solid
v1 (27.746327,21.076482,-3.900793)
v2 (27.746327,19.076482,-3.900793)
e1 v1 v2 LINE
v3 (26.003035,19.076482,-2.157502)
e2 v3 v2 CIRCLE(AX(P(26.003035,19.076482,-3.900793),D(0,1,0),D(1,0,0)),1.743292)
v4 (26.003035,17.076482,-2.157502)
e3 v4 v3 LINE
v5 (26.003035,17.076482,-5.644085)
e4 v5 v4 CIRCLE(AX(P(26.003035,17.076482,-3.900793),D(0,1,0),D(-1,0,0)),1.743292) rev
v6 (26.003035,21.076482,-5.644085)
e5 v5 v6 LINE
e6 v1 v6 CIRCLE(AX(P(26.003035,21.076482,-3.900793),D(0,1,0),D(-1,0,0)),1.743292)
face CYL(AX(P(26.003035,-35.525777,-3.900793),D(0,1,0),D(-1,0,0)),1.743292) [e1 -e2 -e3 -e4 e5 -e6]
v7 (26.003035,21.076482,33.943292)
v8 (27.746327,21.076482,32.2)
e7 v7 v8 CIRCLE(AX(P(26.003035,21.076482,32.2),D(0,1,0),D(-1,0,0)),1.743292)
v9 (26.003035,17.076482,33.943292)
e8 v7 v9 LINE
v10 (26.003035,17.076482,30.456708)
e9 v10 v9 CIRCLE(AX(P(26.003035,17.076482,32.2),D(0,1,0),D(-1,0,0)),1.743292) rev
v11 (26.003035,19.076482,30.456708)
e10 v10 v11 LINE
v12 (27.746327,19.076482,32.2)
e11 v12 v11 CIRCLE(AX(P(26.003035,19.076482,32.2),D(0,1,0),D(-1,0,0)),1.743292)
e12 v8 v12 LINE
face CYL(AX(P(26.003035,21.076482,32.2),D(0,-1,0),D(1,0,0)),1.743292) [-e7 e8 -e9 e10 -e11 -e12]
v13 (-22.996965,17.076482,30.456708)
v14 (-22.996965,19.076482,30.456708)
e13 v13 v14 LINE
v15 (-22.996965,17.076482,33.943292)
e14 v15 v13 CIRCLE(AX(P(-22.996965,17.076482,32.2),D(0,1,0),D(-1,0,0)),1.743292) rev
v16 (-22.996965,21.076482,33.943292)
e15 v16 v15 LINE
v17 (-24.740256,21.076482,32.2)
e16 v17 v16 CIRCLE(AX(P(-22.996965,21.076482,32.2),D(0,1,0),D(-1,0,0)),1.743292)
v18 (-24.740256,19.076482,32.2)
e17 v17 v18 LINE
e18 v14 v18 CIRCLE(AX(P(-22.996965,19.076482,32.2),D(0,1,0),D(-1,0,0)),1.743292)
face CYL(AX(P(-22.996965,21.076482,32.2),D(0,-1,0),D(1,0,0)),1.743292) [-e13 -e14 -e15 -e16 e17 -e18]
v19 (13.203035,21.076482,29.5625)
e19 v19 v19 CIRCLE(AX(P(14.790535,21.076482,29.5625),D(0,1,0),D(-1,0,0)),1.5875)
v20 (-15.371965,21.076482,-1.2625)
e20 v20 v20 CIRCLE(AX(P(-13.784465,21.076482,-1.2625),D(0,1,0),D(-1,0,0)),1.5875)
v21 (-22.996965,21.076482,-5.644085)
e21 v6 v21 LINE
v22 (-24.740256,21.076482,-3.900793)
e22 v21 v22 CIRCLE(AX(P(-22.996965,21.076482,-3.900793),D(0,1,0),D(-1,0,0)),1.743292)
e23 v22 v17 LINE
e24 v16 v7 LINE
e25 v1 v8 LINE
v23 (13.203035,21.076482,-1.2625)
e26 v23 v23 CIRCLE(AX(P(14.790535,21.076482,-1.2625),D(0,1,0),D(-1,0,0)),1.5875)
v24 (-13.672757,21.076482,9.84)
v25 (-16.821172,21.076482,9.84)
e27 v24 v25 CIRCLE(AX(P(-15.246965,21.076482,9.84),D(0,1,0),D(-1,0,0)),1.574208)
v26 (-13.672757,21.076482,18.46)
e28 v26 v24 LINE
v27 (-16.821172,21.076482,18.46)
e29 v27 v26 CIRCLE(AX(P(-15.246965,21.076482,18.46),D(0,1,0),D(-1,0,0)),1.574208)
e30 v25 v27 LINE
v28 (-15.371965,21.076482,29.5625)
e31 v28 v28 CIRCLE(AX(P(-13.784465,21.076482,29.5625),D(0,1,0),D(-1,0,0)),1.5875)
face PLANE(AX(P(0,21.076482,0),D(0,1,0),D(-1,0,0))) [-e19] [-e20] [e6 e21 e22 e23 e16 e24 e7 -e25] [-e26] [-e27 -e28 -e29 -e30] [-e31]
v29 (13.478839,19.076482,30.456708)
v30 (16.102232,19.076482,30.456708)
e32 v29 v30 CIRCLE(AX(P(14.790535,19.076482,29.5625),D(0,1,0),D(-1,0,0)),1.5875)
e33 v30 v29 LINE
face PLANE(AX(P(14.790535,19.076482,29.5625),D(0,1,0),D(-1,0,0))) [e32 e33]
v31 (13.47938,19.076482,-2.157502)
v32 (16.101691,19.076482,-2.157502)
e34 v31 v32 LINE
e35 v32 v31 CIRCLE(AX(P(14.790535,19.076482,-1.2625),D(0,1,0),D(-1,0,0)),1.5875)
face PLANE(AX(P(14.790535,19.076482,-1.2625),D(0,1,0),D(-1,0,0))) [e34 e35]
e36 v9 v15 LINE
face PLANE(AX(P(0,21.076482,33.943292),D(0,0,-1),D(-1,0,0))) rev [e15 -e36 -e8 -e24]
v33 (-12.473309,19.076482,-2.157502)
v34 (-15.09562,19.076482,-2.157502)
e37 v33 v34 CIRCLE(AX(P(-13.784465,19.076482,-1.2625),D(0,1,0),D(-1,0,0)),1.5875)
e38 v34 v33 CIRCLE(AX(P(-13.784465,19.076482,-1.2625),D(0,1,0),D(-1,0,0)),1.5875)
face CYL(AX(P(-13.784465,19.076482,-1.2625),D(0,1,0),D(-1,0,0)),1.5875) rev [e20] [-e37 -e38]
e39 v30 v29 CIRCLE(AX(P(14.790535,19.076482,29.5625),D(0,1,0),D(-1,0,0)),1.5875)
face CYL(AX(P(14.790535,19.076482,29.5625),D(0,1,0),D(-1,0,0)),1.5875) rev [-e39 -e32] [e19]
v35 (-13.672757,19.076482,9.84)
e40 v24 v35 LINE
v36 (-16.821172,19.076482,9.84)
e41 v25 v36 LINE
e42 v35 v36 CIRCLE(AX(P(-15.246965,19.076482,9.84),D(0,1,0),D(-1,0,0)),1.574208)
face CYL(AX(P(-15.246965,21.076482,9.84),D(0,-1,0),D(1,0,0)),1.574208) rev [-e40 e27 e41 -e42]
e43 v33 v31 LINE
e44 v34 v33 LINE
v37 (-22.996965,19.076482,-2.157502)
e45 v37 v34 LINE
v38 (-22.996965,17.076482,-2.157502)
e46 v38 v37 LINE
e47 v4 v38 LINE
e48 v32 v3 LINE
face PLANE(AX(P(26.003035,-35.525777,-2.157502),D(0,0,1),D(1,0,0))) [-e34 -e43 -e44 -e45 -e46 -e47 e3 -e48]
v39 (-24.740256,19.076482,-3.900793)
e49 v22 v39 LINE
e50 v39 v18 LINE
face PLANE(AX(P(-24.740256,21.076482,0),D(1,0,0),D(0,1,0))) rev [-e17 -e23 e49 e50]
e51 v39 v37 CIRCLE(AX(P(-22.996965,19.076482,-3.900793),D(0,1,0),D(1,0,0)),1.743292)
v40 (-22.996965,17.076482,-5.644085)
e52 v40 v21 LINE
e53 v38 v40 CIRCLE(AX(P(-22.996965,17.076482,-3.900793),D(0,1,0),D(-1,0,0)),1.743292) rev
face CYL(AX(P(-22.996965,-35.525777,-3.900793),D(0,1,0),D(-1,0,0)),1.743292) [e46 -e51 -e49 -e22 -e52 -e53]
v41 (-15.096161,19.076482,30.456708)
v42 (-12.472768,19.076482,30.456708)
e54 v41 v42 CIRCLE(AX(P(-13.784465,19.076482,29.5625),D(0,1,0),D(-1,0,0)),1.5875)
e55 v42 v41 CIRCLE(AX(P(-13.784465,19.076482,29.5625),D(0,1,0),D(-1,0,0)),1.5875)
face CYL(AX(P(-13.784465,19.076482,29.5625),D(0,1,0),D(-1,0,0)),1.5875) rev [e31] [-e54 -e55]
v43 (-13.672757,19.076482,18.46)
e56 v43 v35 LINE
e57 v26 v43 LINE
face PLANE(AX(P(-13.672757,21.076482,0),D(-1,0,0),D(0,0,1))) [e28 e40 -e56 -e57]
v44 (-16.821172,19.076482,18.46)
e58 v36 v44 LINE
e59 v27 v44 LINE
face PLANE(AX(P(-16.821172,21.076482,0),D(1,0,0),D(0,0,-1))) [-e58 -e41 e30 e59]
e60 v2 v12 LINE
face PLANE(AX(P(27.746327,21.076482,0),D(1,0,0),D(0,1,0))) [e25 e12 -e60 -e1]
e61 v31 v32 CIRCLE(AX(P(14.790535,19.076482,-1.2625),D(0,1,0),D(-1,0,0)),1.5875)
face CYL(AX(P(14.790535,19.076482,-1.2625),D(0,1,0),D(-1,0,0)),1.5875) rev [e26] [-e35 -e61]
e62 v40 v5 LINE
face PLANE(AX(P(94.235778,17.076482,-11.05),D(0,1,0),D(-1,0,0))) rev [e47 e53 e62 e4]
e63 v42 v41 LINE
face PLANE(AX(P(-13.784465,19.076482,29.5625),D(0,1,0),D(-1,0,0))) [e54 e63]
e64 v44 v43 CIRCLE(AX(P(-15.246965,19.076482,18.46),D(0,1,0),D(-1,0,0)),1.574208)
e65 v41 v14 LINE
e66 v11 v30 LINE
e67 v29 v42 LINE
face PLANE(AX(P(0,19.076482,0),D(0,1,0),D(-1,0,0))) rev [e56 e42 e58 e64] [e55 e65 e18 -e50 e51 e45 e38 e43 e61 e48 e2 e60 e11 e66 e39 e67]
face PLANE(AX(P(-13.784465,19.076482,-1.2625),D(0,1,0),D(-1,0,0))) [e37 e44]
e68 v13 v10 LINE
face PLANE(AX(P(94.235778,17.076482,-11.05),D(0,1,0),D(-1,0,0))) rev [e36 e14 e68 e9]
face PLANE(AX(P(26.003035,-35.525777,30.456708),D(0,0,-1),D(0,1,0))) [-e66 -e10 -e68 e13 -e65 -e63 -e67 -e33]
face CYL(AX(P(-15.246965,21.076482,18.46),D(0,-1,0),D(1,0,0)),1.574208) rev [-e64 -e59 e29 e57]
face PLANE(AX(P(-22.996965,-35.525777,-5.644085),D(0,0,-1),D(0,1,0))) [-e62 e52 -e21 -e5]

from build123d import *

# Parameters (mm, degrees)
SALIENTE_EXTRUIR1_DEPTH   = 2
SALIENTE_EXTRUIR1_2_DEPTH = 2
SALIENTE_EXTRUIR2_DEPTH   = 2
CROQUIS4_R                = 1.5875
CORTAR_EXTRUIR1_DEPTH     = 2


with BuildPart() as part:
    # Croquis2 → Saliente-Extruir1 (new body)
    with BuildSketch(Plane(origin=(0, 19.076482476, 0), x_dir=(1, 0, 0), z_dir=(0, 1, 0))):
        with BuildLine():
            Line((-22.996964511, 5.644085043), (26.003035489, 5.644085043))
            ThreePointArc((26.003035489, 5.644085043), (27.74632721, 3.900793322), (26.003035489, 2.157501601))
            Line((26.003035489, 2.157501601), (-22.996964511, 2.157501601))
            ThreePointArc((-22.996964511, 2.157501601), (-24.740256232, 3.900793322), (-22.996964511, 5.644085043))
        make_face()
    extrude(amount=-SALIENTE_EXTRUIR1_DEPTH)



with BuildPart() as body_2:
    # Croquis2 → Saliente-Extruir1 2 (new body)
    with BuildSketch(Plane(origin=(0, 19.076482476, 0), x_dir=(1, 0, 0), z_dir=(0, 1, 0))):
        with BuildLine():
            Line((-22.996964511, -33.943291721), (26.003035489, -33.943291721))
            ThreePointArc((26.003035489, -33.943291721), (27.74632721, -32.2), (26.003035489, -30.456708279))
            Line((26.003035489, -30.456708279), (-22.996964511, -30.456708279))
            ThreePointArc((-22.996964511, -30.456708279), (-24.740256232, -32.2), (-22.996964511, -33.943291721))
        make_face()
    extrude(amount=-SALIENTE_EXTRUIR1_2_DEPTH)


with BuildPart() as part_1:
    add(part.part)

    add(body_2.part)  # Saliente-Extruir2 merges body 2
    # Croquis3 → Saliente-Extruir2 (add)
    with BuildSketch(Plane(origin=(0, 19.076482476, 0), x_dir=(1, 0, 0), z_dir=(0, 1, 0))):
        with BuildLine():
            ThreePointArc((-24.740256232, 3.900793322), (-24.229657908, 2.668099924), (-22.996964511, 2.157501601))
            Line((-22.996964511, 2.157501601), (26.003035489, 2.157501601))
            ThreePointArc((26.003035489, 2.157501601), (27.235728887, 2.668099924), (27.74632721, 3.900793322))
            ThreePointArc((27.74632721, 3.900793322), (27.235728887, 5.133486719), (26.003035489, 5.644085043))
            Line((26.003035489, 5.644085043), (-22.996964511, 5.644085043))
            ThreePointArc((-22.996964511, 5.644085043), (-24.229657908, 5.133486719), (-24.740256232, 3.900793322))
        make_face()
        with BuildLine():
            Line((26.003035489, 2.157501601), (-22.996964511, 2.157501601))
            ThreePointArc((-22.996964511, 2.157501601), (-24.229657908, 2.668099924), (-24.740256232, 3.900793322))
            Line((-24.740256232, 3.900793322), (-24.740256232, -32.2))
            ThreePointArc((-24.740256232, -32.2), (-24.229657908, -30.967306602), (-22.996964511, -30.456708279))
            Line((-22.996964511, -30.456708279), (26.003035489, -30.456708279))
            ThreePointArc((26.003035489, -30.456708279), (27.235728887, -30.967306602), (27.74632721, -32.2))
            Line((27.74632721, -32.2), (27.74632721, 3.900793322))
            ThreePointArc((27.74632721, 3.900793322), (27.235728887, 2.668099924), (26.003035489, 2.157501601))
        make_face()
        with BuildLine():
            Line((-16.821172495, -18.46), (-16.821172495, -9.84))
            ThreePointArc((-16.821172495, -9.84), (-15.246964511, -8.265792016), (-13.672756527, -9.84))
            Line((-13.672756527, -9.84), (-13.672756527, -18.46))
            ThreePointArc((-13.672756527, -18.46), (-15.246964511, -20.034207984), (-16.821172495, -18.46))
        make_face(mode=Mode.SUBTRACT)
        with BuildLine():
            ThreePointArc((-22.996964511, -30.456708279), (-24.229657908, -30.967306602), (-24.740256232, -32.2))
            ThreePointArc((-24.740256232, -32.2), (-24.229657908, -33.432693398), (-22.996964511, -33.943291721))
            Line((-22.996964511, -33.943291721), (26.003035489, -33.943291721))
            ThreePointArc((26.003035489, -33.943291721), (27.235728887, -33.432693398), (27.74632721, -32.2))
            ThreePointArc((27.74632721, -32.2), (27.235728887, -30.967306602), (26.003035489, -30.456708279))
            Line((26.003035489, -30.456708279), (-22.996964511, -30.456708279))
        make_face()
    extrude(amount=SALIENTE_EXTRUIR2_DEPTH)

    # Croquis4 → Cortar-Extruir1 (cut)
    with BuildSketch(Plane(origin=(0, 21.076482476, 0), x_dir=(1, 0, 0), z_dir=(0, 1, 0))):
        with Locations((-13.784464511, 1.2625)):
            Circle(CROQUIS4_R)
        with Locations((14.790535489, 1.2625)):
            Circle(CROQUIS4_R)
        with Locations((14.790535489, -29.5625)):
            Circle(CROQUIS4_R)
        with Locations((-13.784464511, -29.5625)):
            Circle(CROQUIS4_R)
    extrude(amount=-CORTAR_EXTRUIR1_DEPTH, mode=Mode.SUBTRACT)


solid = part_1.part
